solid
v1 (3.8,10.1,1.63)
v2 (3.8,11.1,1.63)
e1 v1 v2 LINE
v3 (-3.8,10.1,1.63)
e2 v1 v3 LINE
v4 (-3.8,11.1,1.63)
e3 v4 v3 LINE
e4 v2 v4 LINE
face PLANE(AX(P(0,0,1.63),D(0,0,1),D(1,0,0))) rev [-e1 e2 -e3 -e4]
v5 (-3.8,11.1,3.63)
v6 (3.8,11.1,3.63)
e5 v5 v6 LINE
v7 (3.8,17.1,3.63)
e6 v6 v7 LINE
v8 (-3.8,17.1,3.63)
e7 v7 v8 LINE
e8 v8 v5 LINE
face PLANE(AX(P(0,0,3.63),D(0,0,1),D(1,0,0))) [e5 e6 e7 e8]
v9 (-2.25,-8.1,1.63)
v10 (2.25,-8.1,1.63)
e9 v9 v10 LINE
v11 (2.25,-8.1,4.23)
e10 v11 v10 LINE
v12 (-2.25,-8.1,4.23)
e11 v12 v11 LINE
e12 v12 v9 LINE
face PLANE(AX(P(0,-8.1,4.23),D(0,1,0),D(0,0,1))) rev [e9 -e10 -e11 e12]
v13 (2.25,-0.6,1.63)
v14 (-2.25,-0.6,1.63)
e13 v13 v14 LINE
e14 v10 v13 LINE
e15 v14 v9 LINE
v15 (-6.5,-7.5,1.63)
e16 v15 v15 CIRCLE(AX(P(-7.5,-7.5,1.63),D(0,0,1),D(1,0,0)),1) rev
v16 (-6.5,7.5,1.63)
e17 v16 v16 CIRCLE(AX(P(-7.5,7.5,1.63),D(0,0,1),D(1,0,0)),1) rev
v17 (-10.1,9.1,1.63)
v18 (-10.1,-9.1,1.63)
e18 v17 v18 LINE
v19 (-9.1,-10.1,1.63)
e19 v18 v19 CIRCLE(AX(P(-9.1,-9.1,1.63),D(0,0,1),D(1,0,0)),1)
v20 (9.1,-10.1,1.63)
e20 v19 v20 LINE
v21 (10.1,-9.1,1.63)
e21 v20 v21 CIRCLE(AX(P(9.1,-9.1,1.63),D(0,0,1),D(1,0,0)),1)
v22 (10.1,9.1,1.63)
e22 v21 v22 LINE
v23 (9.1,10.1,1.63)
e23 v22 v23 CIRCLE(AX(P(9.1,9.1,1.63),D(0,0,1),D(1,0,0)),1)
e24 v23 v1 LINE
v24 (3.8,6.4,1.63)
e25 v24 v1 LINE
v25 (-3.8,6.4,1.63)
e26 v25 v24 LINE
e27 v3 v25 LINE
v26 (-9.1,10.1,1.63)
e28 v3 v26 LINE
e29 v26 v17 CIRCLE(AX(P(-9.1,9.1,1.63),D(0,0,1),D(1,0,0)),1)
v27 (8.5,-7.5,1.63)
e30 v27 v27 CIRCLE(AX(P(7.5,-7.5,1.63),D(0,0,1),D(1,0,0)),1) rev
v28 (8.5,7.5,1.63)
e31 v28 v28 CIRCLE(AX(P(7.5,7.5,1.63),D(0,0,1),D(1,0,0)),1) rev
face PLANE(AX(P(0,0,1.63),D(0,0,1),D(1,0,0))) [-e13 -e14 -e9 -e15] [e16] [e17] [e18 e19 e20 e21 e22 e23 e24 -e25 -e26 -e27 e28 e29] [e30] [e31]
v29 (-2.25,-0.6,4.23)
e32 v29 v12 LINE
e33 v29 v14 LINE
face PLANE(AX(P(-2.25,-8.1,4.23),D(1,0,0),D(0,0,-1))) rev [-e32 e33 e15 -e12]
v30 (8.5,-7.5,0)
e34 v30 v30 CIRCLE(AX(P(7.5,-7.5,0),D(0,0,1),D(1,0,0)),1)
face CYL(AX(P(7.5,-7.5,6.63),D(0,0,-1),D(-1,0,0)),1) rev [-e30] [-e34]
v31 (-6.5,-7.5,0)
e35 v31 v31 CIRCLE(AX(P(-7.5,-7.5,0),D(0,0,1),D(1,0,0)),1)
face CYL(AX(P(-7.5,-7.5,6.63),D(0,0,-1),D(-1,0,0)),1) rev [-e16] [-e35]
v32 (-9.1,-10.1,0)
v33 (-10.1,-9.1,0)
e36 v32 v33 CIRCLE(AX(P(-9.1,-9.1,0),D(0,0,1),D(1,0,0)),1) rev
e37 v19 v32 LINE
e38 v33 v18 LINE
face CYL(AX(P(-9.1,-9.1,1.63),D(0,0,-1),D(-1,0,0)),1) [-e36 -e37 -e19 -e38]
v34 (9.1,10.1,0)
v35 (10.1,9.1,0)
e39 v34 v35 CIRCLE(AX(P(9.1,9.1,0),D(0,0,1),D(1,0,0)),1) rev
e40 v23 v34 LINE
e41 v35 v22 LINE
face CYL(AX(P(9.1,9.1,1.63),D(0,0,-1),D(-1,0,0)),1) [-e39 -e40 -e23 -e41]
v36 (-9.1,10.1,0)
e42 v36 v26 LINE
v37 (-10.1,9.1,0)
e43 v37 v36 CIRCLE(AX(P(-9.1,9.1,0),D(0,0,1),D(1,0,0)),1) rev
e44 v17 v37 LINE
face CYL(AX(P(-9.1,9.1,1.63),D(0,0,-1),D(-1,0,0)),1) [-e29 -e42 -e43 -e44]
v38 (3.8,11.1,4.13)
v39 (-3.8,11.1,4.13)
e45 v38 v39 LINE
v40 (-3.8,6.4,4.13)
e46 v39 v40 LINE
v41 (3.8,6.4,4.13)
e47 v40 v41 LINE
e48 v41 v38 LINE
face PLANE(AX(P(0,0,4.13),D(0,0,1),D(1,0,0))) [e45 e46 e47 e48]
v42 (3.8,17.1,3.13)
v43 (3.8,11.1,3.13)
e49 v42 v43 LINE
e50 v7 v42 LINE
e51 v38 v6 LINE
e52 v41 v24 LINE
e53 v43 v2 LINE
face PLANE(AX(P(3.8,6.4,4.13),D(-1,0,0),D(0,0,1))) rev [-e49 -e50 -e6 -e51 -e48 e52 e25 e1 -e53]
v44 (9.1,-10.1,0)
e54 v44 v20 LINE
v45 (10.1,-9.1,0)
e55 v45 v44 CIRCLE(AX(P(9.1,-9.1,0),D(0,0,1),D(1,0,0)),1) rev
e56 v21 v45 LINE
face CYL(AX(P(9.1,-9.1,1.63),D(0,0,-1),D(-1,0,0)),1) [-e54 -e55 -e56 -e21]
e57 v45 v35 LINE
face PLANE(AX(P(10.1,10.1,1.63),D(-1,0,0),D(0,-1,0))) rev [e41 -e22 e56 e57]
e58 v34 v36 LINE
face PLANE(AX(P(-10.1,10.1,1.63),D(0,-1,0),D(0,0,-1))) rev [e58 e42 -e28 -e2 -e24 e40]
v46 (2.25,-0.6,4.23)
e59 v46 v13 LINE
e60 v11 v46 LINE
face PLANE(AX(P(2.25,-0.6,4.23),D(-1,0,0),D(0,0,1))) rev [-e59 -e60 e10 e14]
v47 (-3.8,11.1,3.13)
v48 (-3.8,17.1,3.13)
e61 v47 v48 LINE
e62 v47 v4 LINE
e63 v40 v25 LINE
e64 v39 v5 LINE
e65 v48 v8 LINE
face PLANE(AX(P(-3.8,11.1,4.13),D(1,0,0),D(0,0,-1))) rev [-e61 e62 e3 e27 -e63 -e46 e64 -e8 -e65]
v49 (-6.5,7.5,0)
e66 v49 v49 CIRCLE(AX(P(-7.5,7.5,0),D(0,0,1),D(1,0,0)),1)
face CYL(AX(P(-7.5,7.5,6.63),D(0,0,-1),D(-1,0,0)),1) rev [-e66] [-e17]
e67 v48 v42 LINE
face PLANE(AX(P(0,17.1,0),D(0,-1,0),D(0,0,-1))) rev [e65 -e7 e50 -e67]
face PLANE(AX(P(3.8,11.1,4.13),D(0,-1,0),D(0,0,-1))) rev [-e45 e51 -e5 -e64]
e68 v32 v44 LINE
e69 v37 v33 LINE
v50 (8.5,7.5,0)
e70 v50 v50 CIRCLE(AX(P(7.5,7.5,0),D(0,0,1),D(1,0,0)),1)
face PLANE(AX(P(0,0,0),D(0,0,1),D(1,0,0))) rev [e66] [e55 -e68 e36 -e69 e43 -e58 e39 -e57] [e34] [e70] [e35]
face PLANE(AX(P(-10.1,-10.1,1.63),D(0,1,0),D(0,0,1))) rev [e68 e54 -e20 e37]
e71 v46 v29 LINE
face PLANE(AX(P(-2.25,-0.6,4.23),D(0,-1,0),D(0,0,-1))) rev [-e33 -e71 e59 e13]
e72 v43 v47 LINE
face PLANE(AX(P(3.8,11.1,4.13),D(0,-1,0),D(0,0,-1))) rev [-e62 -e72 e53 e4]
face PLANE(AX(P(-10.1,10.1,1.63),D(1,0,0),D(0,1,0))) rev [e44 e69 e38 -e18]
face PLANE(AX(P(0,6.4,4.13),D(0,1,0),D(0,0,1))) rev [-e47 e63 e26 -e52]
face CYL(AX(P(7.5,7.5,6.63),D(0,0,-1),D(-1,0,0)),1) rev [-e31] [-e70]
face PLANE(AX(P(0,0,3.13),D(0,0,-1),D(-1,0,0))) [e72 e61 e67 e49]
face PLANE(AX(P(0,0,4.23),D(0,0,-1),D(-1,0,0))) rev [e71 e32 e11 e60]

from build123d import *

# Parameters (mm, degrees)
SKETCH_1_W               = 20.2
SKETCH_1_H               = 20.2
EXTRUDE_1_DEPTH          = 1.63
FILLET_1_R               = 1
CUT_EXTRUDE_1_DEPTH      = 5
CUT_EXTRUDE_1_DEPTH_BACK = 15.376261684
SKETCH_2_R               = 1
EXTRUDE_2_DEPTH          = 2.5
EXTRUDE_3_DEPTH          = 2.6
SKETCH_6_W               = 7.6
SKETCH_6_H               = 0.5
EXTRUDE_6_DEPTH          = 6
SKETCH_7_W               = 7.6
SKETCH_7_H               = 6
EXTRUDE_7_DEPTH          = 0.4
SKETCH_8_W               = 7.6
SKETCH_8_H               = 6
CUT_EXTRUDE_2_DEPTH      = 0.4
EXTRUDE_8_DEPTH          = 1.4
SKETCH_10_W              = 6.8
SKETCH_10_H              = 1.6
CUT_EXTRUDE_3_DEPTH      = 1.5


with BuildPart() as part:
    # 草图1 → 凸台-拉伸1 (new body)
    with BuildSketch(Plane.XY):
        Rectangle(SKETCH_1_W, SKETCH_1_H)
    extrude(amount=EXTRUDE_1_DEPTH)

    # 圆角1
    fillet_1_edges = [part.edges().sort_by_distance(p)[0] for p in [
        (10.1, -10.1, 0.815),
        (-10.1, -10.1, 0.815),
        (-10.1, 10.1, 0.815),
        (10.1, 10.1, 0.815),
    ]]
    fillet(fillet_1_edges, radius=FILLET_1_R)

    # 草图2 → 切除-拉伸1 (cut, two sides: drawn at the far end of the back side and taken through both)
    with BuildSketch(Plane.XY.offset(1.63).offset(-CUT_EXTRUDE_1_DEPTH_BACK)):
        with Locations((-7.5, 7.5)):
            Circle(SKETCH_2_R)
        with Locations((7.5, 7.5)):
            Circle(SKETCH_2_R)
        with Locations((7.5, -7.5)):
            Circle(SKETCH_2_R)
        with Locations((-7.5, -7.5)):
            Circle(SKETCH_2_R)
    extrude(amount=CUT_EXTRUDE_1_DEPTH + CUT_EXTRUDE_1_DEPTH_BACK, mode=Mode.SUBTRACT)

    # 草图3 → 凸台-拉伸2 (add)
    with BuildSketch(Plane.XY.offset(1.63)):
        Polygon((0, 6.4), (3.8, 6.4), (3.8, 11.1), (-3.8, 11.1), (-3.8, 6.4), align=None)
    extrude(amount=EXTRUDE_2_DEPTH)

    # 草图4 → 凸台-拉伸3 (add)
    with BuildSketch(Plane.XY.offset(1.63)):
        Polygon((0, -8.1), (-2.25, -8.1), (-2.25, -0.6), (2.25, -0.6), (2.25, -8.1), align=None)
    extrude(amount=EXTRUDE_3_DEPTH)

    # 草图6 → 凸台-拉伸6 (add)
    with BuildSketch(Plane(origin=(0, 11.1, 0), x_dir=(1, 0, 0), z_dir=(0, 1, 0))):
        with Locations((0, -3.78)):
            Rectangle(SKETCH_6_W, SKETCH_6_H)
    extrude(amount=EXTRUDE_6_DEPTH)

    # 草图7 → 凸台-拉伸7 (add)
    with BuildSketch(Plane(origin=(0, 0, 3.53), x_dir=(-1, 0, 0), z_dir=(0, 0, -1))):
        with Locations((0, 14.1)):
            Rectangle(SKETCH_7_W, SKETCH_7_H)
    extrude(amount=EXTRUDE_7_DEPTH)

    # 草图8 → 切除-拉伸2 (cut)
    with BuildSketch(Plane.XY.offset(4.03)):
        with Locations((0, 14.1)):
            Rectangle(SKETCH_8_W, SKETCH_8_H)
    extrude(amount=-CUT_EXTRUDE_2_DEPTH, mode=Mode.SUBTRACT)

    # 草图9 → 凸台-拉伸8 (add)
    with BuildSketch(Plane(origin=(0, 0, 0), x_dir=(-1, 0, 0), z_dir=(0, 0, -1))):
        Polygon((-3.4, 6.1), (0, 6.1), (3.4, 6.1), (3.4, 7.7), (-3.4, 7.7), align=None)
    extrude(amount=EXTRUDE_8_DEPTH)

    # 草图10 → 切除-拉伸3 (cut)
    with BuildSketch(Plane(origin=(6.414908285, 4.302749918, 0), x_dir=(1, 0, 0), z_dir=(0, 0, 1))):
        with Locations((-6.414908285, 2.597250082)):
            Rectangle(SKETCH_10_W, SKETCH_10_H)
    extrude(amount=-CUT_EXTRUDE_3_DEPTH, mode=Mode.SUBTRACT)


solid = part.part
